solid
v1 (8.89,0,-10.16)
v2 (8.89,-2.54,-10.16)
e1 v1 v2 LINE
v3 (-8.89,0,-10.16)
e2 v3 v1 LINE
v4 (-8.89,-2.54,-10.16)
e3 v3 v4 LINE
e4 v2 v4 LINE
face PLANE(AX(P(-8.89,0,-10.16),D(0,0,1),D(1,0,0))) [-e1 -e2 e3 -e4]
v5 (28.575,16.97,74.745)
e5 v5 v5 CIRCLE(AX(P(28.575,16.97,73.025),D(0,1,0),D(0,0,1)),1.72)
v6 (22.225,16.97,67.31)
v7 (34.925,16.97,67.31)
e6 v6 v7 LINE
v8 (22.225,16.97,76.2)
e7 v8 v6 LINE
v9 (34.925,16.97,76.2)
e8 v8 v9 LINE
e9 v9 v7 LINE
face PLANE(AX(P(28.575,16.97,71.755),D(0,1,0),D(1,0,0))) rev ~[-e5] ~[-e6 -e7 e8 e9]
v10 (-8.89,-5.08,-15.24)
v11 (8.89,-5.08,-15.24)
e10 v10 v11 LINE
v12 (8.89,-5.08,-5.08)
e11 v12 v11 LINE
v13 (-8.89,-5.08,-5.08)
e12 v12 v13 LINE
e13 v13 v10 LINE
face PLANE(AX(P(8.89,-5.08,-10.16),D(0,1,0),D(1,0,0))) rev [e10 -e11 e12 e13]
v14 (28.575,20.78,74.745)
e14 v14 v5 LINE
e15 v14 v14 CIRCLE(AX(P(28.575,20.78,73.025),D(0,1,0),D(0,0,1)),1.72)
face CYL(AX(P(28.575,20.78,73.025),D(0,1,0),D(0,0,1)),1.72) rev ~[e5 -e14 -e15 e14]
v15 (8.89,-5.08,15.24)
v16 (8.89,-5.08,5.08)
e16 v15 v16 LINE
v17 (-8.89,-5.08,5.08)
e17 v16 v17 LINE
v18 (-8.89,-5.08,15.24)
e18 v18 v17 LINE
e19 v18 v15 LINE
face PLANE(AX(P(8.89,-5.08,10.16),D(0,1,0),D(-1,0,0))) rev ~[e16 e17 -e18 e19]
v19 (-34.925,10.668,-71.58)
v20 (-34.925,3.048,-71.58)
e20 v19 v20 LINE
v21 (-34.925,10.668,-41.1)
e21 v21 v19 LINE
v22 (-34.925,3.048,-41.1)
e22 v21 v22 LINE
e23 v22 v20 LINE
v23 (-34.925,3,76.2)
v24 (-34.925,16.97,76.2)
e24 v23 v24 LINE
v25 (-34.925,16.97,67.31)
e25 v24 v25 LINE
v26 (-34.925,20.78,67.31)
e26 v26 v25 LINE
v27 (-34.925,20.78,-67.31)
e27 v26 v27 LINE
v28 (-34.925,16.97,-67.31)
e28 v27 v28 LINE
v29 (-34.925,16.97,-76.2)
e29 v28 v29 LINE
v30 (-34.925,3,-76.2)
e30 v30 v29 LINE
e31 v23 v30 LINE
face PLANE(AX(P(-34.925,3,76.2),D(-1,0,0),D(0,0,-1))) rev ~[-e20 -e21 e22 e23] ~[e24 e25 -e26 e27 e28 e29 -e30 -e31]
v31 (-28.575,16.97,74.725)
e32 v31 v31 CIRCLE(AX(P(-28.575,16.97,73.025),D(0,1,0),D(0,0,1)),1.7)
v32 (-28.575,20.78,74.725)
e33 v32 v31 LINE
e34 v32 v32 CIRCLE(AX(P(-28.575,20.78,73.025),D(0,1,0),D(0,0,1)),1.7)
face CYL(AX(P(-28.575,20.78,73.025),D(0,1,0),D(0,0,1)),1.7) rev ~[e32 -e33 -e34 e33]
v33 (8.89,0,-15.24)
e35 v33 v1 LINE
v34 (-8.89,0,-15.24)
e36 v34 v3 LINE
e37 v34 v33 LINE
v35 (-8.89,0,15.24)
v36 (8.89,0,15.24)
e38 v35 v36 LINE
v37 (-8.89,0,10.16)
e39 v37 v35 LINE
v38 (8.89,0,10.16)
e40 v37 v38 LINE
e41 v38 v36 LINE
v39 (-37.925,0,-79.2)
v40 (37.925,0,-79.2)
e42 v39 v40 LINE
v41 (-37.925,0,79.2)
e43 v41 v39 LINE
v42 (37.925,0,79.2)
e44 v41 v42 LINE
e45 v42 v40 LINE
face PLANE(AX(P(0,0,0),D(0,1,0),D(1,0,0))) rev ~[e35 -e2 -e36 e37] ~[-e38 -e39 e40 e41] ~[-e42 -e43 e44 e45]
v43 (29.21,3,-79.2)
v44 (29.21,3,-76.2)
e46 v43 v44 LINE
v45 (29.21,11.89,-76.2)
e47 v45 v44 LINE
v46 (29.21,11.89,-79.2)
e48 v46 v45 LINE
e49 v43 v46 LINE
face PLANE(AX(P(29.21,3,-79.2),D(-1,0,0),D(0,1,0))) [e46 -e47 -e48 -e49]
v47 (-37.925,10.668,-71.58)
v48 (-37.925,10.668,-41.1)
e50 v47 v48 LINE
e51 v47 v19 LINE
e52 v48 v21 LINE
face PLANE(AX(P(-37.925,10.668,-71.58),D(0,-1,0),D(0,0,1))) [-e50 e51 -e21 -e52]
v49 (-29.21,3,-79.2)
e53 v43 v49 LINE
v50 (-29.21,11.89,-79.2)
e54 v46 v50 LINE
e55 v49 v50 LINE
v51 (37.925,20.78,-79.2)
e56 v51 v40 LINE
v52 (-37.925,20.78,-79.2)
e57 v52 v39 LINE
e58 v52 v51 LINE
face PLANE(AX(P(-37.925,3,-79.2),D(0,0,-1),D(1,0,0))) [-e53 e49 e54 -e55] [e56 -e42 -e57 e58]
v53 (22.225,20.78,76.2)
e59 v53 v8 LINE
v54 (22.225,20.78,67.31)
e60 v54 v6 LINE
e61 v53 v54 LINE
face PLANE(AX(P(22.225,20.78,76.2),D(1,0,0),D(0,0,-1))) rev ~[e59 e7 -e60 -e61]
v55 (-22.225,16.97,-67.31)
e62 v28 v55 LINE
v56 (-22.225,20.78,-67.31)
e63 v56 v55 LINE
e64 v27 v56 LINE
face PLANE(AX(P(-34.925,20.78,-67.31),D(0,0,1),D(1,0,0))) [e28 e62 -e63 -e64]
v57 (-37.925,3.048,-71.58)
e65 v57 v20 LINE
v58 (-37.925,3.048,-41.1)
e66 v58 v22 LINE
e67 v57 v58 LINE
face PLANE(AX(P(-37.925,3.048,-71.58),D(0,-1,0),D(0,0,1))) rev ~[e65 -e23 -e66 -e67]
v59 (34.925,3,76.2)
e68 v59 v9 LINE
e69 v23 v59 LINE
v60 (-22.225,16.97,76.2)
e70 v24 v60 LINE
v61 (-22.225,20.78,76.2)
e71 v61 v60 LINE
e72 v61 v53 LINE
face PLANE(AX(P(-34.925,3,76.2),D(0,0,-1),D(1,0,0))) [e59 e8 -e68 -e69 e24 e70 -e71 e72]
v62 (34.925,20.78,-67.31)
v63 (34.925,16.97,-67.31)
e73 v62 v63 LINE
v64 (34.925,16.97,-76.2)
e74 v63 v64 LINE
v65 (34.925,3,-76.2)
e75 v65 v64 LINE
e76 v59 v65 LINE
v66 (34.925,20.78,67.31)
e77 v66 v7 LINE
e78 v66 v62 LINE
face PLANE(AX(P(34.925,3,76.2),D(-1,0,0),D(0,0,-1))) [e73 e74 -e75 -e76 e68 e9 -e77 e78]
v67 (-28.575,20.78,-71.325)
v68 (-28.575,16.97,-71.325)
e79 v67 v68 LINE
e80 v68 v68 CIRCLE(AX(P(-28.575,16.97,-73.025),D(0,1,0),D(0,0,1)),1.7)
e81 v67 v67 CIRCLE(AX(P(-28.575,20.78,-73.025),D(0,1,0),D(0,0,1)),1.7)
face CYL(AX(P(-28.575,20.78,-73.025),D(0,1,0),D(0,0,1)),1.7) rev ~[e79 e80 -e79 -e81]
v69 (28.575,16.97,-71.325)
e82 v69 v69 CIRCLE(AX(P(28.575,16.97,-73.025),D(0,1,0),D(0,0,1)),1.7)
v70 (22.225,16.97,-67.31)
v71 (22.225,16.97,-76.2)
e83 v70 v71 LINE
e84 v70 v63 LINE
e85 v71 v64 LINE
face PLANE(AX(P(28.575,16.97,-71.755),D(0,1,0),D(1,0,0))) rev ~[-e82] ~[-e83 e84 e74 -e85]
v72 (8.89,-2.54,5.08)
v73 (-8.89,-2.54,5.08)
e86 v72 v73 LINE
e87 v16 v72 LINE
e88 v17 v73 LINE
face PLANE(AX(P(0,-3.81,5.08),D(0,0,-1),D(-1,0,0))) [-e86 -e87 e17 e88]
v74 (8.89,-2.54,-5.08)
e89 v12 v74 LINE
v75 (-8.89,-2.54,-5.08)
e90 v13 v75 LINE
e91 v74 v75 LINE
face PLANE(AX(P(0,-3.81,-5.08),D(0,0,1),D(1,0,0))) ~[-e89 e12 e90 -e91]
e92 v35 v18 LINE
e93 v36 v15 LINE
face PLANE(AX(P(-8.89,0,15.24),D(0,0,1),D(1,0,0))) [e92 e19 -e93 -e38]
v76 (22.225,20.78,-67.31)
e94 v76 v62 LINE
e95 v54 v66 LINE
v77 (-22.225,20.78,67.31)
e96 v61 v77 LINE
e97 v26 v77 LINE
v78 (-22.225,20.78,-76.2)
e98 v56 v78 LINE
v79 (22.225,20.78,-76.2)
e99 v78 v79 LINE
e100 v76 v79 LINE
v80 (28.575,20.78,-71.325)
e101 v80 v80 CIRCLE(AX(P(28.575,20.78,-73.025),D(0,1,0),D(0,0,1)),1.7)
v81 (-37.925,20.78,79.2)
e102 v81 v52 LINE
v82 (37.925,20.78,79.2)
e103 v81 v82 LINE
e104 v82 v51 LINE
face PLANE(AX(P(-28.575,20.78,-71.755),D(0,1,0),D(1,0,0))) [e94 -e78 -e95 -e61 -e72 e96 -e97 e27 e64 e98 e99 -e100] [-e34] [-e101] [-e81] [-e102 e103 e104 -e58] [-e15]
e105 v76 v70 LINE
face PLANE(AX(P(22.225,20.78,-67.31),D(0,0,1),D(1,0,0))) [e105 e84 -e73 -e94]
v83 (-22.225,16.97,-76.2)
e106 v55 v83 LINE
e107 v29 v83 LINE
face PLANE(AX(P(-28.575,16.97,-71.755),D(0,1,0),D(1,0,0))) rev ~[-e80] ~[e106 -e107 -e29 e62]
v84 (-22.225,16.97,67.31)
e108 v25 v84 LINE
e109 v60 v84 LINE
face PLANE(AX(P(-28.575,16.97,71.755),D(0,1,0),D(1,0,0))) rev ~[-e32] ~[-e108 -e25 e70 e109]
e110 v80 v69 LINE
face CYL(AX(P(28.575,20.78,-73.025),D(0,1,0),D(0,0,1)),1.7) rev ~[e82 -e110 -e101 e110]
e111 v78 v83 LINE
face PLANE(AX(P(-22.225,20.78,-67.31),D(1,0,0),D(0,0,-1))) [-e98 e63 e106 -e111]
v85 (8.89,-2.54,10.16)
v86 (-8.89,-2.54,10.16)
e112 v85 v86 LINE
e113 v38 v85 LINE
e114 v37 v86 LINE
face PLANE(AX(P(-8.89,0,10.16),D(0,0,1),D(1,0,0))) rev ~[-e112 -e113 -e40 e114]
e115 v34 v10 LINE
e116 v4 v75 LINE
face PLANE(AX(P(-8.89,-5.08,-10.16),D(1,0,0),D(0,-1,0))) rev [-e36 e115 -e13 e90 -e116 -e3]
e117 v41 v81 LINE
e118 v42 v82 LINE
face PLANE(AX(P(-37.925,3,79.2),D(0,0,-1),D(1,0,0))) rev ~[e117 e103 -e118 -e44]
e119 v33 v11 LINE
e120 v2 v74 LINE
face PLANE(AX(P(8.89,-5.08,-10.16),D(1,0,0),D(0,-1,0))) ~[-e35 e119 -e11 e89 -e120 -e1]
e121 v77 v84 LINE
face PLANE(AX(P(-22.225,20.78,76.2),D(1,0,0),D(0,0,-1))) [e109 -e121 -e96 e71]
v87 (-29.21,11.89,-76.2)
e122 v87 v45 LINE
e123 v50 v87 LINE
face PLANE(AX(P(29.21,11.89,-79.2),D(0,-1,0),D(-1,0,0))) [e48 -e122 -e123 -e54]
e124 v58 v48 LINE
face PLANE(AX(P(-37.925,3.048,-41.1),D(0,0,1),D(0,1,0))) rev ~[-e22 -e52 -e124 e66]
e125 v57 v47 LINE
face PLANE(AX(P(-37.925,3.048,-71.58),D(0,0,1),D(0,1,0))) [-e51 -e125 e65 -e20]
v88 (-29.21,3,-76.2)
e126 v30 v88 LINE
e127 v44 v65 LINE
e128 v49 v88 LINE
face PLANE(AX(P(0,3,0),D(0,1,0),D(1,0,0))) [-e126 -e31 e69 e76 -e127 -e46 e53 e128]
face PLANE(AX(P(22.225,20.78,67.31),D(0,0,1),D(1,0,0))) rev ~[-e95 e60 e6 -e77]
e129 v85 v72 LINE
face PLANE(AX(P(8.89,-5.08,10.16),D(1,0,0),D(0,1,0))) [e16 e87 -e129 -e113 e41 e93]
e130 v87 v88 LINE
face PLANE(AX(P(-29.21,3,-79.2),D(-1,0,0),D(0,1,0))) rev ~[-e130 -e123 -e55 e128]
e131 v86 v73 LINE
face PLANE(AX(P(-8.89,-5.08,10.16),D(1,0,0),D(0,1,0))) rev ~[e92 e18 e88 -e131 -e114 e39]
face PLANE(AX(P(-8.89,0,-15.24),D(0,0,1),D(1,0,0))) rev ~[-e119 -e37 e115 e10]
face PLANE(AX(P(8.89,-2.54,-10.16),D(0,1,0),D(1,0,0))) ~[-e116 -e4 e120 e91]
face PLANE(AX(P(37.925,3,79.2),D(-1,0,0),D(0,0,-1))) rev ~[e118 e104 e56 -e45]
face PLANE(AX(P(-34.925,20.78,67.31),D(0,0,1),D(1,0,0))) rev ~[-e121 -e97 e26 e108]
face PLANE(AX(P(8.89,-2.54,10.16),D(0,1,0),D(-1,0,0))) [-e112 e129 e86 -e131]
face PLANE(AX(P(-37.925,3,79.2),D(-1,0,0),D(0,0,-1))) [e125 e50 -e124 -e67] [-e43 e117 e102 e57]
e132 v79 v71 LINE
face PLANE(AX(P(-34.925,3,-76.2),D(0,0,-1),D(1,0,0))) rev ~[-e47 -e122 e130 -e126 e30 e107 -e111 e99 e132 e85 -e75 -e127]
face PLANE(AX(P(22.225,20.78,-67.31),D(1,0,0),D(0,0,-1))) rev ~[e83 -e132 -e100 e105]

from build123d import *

# Parameters (mm, degrees)
SKETCH1_W           = 75.85
SKETCH1_H           = 158.4
BOSS_EXTRUDE1_DEPTH = 3
SKETCH2_W           = 75.85
SKETCH2_H           = 158.4
SKETCH2_W_2         = 69.85
SKETCH2_H_2         = 152.4
BOSS_EXTRUDE2_DEPTH = 17.78
SKETCH3_W           = 12.7
SKETCH3_H           = 8.89
BOSS_EXTRUDE3_DEPTH = 3.81
CUT_EXTRUDE4_REACH  = 92.237
SKETCH4_R           = 1.7
SKETCH4_R_2         = 1.72
CUT_EXTRUDE5_REACH  = 166.197
SKETCH10_W          = 58.42
SKETCH10_H          = 8.89
CUT_EXTRUDE6_REACH  = 113.614
SKETCH11_W          = 30.48
SKETCH11_H          = 7.62
SKETCH12_W          = 17.78
SKETCH12_H          = 5.08
BOSS_EXTRUDE4_DEPTH = 5.08
SKETCH13_W          = 17.78
SKETCH13_H          = 2.54
BOSS_EXTRUDE5_DEPTH = 5.08


with BuildPart() as part:
    # Sketch1 → Boss-Extrude1 (new body)
    with BuildSketch(Plane(origin=(0, 0, 0), x_dir=(1, 0, 0), z_dir=(0, 1, 0))):
        Rectangle(SKETCH1_W, SKETCH1_H)
    extrude(amount=BOSS_EXTRUDE1_DEPTH)

    # Sketch2 → Boss-Extrude2 (add)
    with BuildSketch(Plane(origin=(0, 3, 0), x_dir=(1, 0, 0), z_dir=(0, 1, 0))):
        Rectangle(SKETCH2_W, SKETCH2_H)
        Rectangle(SKETCH2_W_2, SKETCH2_H_2, mode=Mode.SUBTRACT)
    extrude(amount=BOSS_EXTRUDE2_DEPTH)

    # Sketch3 → Boss-Extrude3 (add)
    with BuildSketch(Plane(origin=(0, 20.78, 0), x_dir=(1, 0, 0), z_dir=(0, 1, 0))):
        with Locations((-28.575, 71.755)):
            Rectangle(SKETCH3_W, SKETCH3_H)
        with Locations((-28.575, -71.755)):
            Rectangle(SKETCH3_W, SKETCH3_H)
        with Locations((28.575, 71.755)):
            Rectangle(SKETCH3_W, SKETCH3_H)
        with Locations((28.575, -71.755)):
            Rectangle(SKETCH3_W, SKETCH3_H)
    extrude(amount=-BOSS_EXTRUDE3_DEPTH)

    # Sketch4 → Cut-Extrude4 (cut, up to next)
    with BuildSketch(Plane(origin=(0, 20.78, 0), x_dir=(1, 0, 0), z_dir=(0, 1, 0)), mode=Mode.PRIVATE) as cut_extrude4_sk1:
        with Locations(Location((-28.575, 73.025, 0), (0, 0, 270))):
            Circle(SKETCH4_R)
    cut_extrude4_tool1 = extrude(cut_extrude4_sk1.sketch, amount=-CUT_EXTRUDE4_REACH, mode=Mode.PRIVATE) & part.part
    # Sketch4 → Cut-Extrude4 (cut, up to next)
    with BuildSketch(Plane(origin=(0, 20.78, 0), x_dir=(1, 0, 0), z_dir=(0, 1, 0)), mode=Mode.PRIVATE) as cut_extrude4_sk2:
        with Locations(Location((28.575, 73.025, 0), (0, 0, 270))):
            Circle(SKETCH4_R)
    cut_extrude4_tool2 = extrude(cut_extrude4_sk2.sketch, amount=-CUT_EXTRUDE4_REACH, mode=Mode.PRIVATE) & part.part
    # Sketch4 → Cut-Extrude4 (cut, up to next)
    with BuildSketch(Plane(origin=(0, 20.78, 0), x_dir=(1, 0, 0), z_dir=(0, 1, 0)), mode=Mode.PRIVATE) as cut_extrude4_sk3:
        with Locations(Location((28.575, -73.025, 0), (0, 0, 270))):
            Circle(SKETCH4_R_2)
    cut_extrude4_tool3 = extrude(cut_extrude4_sk3.sketch, amount=-CUT_EXTRUDE4_REACH, mode=Mode.PRIVATE) & part.part
    # Sketch4 → Cut-Extrude4 (cut, up to next)
    with BuildSketch(Plane(origin=(0, 20.78, 0), x_dir=(1, 0, 0), z_dir=(0, 1, 0)), mode=Mode.PRIVATE) as cut_extrude4_sk4:
        with Locations(Location((-28.575, -73.025, 0), (0, 0, 270))):
            Circle(SKETCH4_R)
    cut_extrude4_tool4 = extrude(cut_extrude4_sk4.sketch, amount=-CUT_EXTRUDE4_REACH, mode=Mode.PRIVATE) & part.part
    add(cut_extrude4_tool1.solids().sort_by_distance((-28.575, 20.78, -73.025))[0], mode=Mode.SUBTRACT)
    add(cut_extrude4_tool2.solids().sort_by_distance((28.575, 20.78, -73.025))[0], mode=Mode.SUBTRACT)
    add(cut_extrude4_tool3.solids().sort_by_distance((28.575, 20.78, 73.025))[0], mode=Mode.SUBTRACT)
    add(cut_extrude4_tool4.solids().sort_by_distance((-28.575, 20.78, 73.025))[0], mode=Mode.SUBTRACT)

    # Sketch10 → Cut-Extrude5 (cut, up to next)
    with BuildSketch(Plane(origin=(0, 0, -79.2), x_dir=(-1, 0, 0), z_dir=(0, 0, -1)), mode=Mode.PRIVATE) as cut_extrude5_sk1:
        with Locations((0, 7.445)):
            Rectangle(SKETCH10_W, SKETCH10_H)
    cut_extrude5_tool1 = extrude(cut_extrude5_sk1.sketch, amount=-CUT_EXTRUDE5_REACH, mode=Mode.PRIVATE) & part.part
    add(cut_extrude5_tool1.solids().sort_by_distance((0, 7.445, -79.2))[0], mode=Mode.SUBTRACT)

    # Sketch11 → Cut-Extrude6 (cut, up to next)
    with BuildSketch(Plane.ZY.offset(37.925), mode=Mode.PRIVATE) as cut_extrude6_sk1:
        with Locations((-56.34, 6.858)):
            Rectangle(SKETCH11_W, SKETCH11_H)
    cut_extrude6_tool1 = extrude(cut_extrude6_sk1.sketch, amount=-CUT_EXTRUDE6_REACH, mode=Mode.PRIVATE) & part.part
    add(cut_extrude6_tool1.solids().sort_by_distance((-37.925, 6.858, -56.34))[0], mode=Mode.SUBTRACT)

    # Sketch12 → Boss-Extrude4 (add)
    with BuildSketch(Plane.XZ):
        with Locations((0, 12.7)):
            Rectangle(SKETCH12_W, SKETCH12_H)
        with Locations((0, -12.7)):
            Rectangle(SKETCH12_W, SKETCH12_H)
    extrude(amount=BOSS_EXTRUDE4_DEPTH)

    # Sketch13 → Boss-Extrude5 (add)
    with BuildSketch(Plane(origin=(0, 0, 10.16), x_dir=(-1, 0, 0), z_dir=(0, 0, -1))):
        with Locations((0, -3.81)):
            Rectangle(SKETCH13_W, SKETCH13_H)
    boss_extrude5 = extrude(amount=BOSS_EXTRUDE5_DEPTH)

    # Mirror1: Boss-Extrude5 across plane
    add(boss_extrude5.mirror(Plane(origin=(0, 0, 0), x_dir=(1, 0, 0), z_dir=(0, 0, -1))))


solid = part.part
